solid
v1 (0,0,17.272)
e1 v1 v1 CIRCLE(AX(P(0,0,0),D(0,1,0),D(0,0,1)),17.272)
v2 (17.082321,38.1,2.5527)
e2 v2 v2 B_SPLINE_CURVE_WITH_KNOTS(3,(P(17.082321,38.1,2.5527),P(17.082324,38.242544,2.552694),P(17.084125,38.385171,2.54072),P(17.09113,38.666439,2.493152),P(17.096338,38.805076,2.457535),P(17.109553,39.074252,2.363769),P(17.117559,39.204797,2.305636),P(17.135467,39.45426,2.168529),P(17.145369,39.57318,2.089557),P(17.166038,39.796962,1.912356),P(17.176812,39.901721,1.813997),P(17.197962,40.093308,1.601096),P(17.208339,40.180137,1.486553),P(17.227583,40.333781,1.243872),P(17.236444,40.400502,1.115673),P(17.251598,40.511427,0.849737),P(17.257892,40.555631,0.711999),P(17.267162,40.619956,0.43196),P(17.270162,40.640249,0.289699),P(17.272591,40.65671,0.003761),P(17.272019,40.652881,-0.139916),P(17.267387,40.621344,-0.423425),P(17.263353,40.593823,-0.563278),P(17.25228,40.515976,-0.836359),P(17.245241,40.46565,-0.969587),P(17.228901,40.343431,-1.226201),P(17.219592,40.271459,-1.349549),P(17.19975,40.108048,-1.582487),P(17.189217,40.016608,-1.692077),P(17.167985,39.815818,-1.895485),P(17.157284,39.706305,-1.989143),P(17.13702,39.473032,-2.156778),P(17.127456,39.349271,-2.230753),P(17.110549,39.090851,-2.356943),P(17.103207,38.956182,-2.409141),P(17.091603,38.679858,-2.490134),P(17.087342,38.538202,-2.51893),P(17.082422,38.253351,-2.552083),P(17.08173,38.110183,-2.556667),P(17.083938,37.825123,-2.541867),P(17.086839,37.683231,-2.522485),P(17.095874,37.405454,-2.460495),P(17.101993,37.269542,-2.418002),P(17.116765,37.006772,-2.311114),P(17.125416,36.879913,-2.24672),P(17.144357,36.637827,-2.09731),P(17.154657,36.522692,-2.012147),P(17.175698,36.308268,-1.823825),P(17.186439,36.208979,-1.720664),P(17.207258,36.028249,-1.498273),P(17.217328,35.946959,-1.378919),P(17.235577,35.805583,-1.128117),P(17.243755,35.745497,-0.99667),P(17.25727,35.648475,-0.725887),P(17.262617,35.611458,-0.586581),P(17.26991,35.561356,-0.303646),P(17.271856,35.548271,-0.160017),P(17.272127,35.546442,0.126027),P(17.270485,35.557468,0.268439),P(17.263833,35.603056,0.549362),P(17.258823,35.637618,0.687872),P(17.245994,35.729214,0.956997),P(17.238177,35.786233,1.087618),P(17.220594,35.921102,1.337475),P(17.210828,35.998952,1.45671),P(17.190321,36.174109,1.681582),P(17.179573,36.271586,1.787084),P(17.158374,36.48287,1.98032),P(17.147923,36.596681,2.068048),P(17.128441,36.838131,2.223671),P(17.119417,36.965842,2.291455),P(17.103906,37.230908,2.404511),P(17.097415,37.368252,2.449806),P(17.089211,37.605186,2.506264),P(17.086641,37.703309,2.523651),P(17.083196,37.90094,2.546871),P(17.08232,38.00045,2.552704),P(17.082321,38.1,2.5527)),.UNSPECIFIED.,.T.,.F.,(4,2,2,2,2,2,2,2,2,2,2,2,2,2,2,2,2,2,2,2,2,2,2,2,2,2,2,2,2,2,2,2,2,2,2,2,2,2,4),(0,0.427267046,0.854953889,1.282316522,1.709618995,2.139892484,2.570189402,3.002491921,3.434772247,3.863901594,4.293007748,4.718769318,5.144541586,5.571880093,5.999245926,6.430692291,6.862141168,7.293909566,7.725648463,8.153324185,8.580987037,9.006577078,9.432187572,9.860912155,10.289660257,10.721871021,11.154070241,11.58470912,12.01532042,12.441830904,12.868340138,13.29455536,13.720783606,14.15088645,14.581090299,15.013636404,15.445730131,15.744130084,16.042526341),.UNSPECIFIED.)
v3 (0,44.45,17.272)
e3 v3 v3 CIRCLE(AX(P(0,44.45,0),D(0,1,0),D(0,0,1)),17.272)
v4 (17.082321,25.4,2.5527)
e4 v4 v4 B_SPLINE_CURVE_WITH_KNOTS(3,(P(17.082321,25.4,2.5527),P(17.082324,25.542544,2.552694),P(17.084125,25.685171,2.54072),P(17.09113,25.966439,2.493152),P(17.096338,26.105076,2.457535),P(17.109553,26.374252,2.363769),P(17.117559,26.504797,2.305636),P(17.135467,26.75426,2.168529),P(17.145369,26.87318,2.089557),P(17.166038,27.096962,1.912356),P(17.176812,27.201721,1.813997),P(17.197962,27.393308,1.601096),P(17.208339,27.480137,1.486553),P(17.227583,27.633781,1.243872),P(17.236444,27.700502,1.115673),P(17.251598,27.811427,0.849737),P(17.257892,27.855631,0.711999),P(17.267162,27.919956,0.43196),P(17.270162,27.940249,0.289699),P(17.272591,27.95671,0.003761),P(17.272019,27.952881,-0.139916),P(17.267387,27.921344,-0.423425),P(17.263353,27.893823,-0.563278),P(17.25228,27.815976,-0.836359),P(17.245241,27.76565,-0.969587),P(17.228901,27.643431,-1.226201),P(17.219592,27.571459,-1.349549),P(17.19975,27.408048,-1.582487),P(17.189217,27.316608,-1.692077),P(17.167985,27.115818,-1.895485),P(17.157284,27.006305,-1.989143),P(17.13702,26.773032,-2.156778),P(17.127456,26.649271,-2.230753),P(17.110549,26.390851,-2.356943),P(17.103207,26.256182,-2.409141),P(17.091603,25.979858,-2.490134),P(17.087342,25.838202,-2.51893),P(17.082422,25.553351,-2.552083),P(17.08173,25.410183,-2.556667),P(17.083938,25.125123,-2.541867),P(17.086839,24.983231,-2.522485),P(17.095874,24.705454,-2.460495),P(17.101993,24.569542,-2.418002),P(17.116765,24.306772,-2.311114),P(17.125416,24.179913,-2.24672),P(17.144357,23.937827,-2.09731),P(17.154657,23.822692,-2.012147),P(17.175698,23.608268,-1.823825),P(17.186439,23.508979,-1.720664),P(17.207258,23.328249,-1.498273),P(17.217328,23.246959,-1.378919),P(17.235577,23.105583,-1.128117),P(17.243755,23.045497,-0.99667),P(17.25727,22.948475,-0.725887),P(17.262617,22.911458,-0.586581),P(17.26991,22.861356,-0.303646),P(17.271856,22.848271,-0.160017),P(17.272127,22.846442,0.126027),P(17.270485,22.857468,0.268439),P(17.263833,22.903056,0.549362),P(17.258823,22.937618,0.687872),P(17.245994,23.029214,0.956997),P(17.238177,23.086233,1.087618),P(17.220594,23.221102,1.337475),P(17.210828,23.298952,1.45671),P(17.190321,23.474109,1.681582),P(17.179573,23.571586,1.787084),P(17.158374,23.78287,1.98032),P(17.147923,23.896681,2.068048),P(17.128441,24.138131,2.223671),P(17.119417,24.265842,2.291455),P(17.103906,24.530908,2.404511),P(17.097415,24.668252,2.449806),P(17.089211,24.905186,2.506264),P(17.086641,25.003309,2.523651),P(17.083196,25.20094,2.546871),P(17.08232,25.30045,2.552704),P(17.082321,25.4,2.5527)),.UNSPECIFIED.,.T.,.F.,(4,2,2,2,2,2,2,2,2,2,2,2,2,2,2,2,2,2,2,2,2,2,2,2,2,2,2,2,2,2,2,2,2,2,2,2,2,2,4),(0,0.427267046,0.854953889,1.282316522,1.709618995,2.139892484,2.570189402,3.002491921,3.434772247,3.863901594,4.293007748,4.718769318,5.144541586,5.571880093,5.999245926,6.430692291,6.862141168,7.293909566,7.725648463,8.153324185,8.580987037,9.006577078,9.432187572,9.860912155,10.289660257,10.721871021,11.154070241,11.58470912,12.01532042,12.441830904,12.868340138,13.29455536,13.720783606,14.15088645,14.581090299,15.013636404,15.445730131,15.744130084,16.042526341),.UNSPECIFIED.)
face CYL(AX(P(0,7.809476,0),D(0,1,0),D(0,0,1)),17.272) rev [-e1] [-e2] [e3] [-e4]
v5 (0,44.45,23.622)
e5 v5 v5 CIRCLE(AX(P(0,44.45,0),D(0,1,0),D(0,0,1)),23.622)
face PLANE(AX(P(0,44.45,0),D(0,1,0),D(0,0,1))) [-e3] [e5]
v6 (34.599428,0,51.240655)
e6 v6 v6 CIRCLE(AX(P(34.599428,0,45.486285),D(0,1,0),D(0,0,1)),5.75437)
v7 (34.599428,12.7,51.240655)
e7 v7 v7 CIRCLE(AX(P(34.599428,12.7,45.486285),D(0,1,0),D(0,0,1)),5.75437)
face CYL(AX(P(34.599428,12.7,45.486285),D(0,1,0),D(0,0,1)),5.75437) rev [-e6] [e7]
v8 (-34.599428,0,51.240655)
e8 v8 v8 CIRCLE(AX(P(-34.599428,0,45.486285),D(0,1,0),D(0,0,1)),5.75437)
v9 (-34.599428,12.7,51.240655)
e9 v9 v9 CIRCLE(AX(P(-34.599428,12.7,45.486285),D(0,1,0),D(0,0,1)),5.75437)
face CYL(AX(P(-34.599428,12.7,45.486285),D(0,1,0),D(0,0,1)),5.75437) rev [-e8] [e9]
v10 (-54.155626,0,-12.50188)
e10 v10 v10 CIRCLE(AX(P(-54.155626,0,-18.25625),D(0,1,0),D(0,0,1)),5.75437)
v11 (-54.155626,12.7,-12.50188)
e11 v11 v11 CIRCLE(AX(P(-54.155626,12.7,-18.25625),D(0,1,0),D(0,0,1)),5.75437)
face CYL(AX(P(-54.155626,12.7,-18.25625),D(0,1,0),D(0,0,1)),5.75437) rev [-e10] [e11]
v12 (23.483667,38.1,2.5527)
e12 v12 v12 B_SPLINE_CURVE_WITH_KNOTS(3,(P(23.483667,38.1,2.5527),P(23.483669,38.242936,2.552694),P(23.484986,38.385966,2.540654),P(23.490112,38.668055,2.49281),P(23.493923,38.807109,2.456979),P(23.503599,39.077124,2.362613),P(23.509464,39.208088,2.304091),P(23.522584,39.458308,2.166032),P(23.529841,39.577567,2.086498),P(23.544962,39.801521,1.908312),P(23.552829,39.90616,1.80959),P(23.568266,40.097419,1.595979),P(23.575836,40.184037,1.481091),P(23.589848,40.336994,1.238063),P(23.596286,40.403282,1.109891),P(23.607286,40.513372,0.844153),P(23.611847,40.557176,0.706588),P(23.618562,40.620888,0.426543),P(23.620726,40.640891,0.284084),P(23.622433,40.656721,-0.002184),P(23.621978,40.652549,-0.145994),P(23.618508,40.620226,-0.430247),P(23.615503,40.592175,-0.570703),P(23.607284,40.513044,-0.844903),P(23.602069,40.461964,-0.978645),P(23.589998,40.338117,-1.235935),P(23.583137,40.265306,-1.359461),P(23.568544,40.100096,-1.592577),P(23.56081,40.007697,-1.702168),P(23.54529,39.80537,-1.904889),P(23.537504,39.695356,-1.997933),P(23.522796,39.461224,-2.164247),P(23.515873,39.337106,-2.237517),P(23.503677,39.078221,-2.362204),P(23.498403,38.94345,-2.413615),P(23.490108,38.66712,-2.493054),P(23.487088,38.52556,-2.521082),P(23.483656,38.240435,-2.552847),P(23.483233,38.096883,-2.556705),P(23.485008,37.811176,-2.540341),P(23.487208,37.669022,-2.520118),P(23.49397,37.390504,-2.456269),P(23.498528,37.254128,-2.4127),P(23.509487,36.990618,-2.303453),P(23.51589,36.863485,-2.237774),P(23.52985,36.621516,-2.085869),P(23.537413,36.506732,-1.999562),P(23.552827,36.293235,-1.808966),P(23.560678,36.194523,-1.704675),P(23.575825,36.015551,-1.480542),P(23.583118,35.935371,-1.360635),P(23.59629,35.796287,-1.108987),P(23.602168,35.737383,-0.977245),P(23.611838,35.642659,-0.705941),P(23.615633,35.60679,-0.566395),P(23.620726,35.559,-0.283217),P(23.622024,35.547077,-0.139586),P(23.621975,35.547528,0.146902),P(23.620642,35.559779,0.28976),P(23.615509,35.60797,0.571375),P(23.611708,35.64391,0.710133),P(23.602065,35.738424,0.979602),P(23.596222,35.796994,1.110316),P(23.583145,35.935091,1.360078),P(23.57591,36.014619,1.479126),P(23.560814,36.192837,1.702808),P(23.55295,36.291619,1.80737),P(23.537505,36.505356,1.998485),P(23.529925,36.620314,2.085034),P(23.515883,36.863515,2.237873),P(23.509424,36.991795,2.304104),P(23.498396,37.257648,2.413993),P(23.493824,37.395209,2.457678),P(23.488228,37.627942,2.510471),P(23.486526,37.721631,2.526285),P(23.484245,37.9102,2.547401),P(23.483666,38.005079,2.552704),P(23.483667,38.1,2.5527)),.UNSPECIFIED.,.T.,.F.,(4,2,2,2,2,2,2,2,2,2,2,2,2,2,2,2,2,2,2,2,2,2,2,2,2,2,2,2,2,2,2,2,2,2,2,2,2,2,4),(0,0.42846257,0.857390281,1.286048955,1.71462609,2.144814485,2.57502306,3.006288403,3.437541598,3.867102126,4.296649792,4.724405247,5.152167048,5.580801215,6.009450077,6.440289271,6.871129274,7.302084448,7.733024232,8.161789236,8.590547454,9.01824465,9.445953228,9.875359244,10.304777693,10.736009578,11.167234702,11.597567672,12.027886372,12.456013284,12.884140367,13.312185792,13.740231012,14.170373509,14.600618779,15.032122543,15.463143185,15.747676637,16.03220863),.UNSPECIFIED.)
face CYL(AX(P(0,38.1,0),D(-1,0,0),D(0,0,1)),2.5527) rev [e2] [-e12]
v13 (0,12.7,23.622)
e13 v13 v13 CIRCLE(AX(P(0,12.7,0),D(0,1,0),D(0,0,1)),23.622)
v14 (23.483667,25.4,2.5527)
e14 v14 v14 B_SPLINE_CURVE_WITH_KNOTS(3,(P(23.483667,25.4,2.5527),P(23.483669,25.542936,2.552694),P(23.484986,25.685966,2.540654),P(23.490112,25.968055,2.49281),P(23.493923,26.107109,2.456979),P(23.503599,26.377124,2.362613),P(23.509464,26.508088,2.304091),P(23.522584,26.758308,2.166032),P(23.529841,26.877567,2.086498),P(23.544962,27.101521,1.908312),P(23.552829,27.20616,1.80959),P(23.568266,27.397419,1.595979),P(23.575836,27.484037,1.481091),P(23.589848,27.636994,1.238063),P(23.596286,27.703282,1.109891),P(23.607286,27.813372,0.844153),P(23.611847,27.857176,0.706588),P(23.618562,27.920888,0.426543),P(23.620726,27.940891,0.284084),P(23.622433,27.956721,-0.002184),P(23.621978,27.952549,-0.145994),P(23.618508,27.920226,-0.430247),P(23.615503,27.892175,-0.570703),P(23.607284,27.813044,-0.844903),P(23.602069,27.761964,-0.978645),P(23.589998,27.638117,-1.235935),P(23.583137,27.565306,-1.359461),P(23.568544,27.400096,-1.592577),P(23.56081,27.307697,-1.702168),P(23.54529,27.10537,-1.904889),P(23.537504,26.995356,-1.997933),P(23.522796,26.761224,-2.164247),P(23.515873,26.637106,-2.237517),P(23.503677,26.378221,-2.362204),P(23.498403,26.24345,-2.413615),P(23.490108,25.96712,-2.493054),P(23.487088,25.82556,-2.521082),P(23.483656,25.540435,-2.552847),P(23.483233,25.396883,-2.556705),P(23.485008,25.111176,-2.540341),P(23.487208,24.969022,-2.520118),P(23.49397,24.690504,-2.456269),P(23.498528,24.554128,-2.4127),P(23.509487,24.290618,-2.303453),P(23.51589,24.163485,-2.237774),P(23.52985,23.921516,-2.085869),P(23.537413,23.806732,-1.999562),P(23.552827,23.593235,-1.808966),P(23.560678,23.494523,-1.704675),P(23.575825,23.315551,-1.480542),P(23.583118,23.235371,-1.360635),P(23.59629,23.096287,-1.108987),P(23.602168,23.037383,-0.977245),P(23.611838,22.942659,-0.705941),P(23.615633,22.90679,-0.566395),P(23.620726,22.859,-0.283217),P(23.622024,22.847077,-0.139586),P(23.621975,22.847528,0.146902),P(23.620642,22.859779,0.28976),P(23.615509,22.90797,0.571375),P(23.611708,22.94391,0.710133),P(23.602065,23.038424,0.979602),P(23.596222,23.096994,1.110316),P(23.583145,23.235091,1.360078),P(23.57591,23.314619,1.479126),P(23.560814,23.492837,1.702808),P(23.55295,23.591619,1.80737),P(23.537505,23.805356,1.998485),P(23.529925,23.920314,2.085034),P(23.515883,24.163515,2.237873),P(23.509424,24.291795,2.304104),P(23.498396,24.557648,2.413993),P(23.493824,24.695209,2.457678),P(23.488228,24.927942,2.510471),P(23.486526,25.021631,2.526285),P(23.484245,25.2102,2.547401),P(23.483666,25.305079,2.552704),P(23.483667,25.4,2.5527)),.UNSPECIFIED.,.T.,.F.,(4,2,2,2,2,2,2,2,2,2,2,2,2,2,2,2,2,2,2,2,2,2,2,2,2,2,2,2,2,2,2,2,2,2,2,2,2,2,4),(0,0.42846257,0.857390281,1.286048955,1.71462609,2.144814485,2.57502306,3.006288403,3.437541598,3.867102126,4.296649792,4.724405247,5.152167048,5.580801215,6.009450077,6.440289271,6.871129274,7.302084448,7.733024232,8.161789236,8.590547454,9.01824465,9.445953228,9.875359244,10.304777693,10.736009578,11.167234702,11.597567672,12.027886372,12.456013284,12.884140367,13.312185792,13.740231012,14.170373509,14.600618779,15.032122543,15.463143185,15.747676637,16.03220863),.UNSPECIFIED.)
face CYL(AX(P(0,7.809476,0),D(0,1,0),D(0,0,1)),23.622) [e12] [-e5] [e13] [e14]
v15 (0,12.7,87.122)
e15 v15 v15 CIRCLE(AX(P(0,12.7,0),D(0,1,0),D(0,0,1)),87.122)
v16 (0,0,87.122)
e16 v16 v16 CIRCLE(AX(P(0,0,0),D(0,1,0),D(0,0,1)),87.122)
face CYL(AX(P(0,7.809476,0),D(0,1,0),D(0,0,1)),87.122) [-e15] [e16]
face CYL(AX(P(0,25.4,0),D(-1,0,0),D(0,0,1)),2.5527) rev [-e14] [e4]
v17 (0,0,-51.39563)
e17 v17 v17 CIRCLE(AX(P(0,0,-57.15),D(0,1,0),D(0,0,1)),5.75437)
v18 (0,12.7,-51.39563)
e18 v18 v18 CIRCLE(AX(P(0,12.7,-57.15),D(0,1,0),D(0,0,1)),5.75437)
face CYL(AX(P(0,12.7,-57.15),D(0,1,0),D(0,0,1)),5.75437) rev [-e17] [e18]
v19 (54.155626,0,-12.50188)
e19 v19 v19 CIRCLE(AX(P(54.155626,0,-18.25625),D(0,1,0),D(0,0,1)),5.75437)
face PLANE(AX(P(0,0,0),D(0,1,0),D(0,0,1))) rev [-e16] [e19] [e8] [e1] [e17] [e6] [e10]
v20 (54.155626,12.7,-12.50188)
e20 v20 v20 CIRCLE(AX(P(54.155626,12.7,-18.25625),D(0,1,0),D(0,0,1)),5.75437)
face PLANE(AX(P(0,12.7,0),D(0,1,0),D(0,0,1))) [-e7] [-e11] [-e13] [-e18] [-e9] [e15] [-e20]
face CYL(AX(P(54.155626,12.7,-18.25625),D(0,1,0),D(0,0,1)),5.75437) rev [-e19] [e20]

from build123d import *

# Parameters (mm, degrees)
SKETCH1_W                        = 6.35
SKETCH1_H                        = 31.75
SKETCH1_W_2                      = 69.85
SKETCH1_H_2                      = 12.7
F_1_2_20_TAPPED_HOLE1_D          = 11.50874
SKETCH7_W                        = 2.5527
SKETCH7_H                        = 87.122
F_1_4_20_TAPPED_HOLE1_AT_2_COUNT = 2
F_1_4_20_TAPPED_HOLE1_AT_2_PITCH = 12.7


with BuildPart() as part:
    # Sketch1 → Revolve1 (revolve)
    with BuildSketch(Plane.XY, mode=Mode.PRIVATE) as revolve1_sk:
        with Locations((20.447, 28.575)):
            Rectangle(SKETCH1_W, SKETCH1_H)
        with Locations((52.197, 6.35)):
            Rectangle(SKETCH1_W_2, SKETCH1_H_2)
    revolve(revolve1_sk.sketch.rotate(Axis((0, 7.809475806, 0), (0, -1, 0)), 90), axis=Axis((0, 7.809475806, 0), (0, -1, 0)))

    # 1/2-20 Tapped Hole1 (through all)
    with Locations(Plane(origin=(0, 12.7, 0), x_dir=(1, 0, 0), z_dir=(0, 1, 0))):
        with Locations((-54.155626078, 18.25625), (0, 57.15), (54.155626078, 18.25625), (34.599427772, -45.486284722), (-34.599427772, -45.486284722)):
            Hole(F_1_2_20_TAPPED_HOLE1_D / 2)

    # Sketch7 → 1/4-20 Tapped Hole1 (revolve, cut)
    with BuildSketch(Plane.ZX.offset(38.1)):
        with Locations((1.27635, 43.561)):
            Rectangle(SKETCH7_W, SKETCH7_H)
    f_1_4_20_tapped_hole1 = revolve(axis=Axis((-6.35, 38.1, 0), (1, 0, 0)), mode=Mode.SUBTRACT)

    # 1/4-20 Tapped Hole1 at 2: 1/4-20 Tapped Hole1 ×2
    with Locations(*[(0, -i * F_1_4_20_TAPPED_HOLE1_AT_2_PITCH, 0) for i in range(1, F_1_4_20_TAPPED_HOLE1_AT_2_COUNT)]):
        add(f_1_4_20_tapped_hole1, mode=Mode.SUBTRACT)


solid = part.part
